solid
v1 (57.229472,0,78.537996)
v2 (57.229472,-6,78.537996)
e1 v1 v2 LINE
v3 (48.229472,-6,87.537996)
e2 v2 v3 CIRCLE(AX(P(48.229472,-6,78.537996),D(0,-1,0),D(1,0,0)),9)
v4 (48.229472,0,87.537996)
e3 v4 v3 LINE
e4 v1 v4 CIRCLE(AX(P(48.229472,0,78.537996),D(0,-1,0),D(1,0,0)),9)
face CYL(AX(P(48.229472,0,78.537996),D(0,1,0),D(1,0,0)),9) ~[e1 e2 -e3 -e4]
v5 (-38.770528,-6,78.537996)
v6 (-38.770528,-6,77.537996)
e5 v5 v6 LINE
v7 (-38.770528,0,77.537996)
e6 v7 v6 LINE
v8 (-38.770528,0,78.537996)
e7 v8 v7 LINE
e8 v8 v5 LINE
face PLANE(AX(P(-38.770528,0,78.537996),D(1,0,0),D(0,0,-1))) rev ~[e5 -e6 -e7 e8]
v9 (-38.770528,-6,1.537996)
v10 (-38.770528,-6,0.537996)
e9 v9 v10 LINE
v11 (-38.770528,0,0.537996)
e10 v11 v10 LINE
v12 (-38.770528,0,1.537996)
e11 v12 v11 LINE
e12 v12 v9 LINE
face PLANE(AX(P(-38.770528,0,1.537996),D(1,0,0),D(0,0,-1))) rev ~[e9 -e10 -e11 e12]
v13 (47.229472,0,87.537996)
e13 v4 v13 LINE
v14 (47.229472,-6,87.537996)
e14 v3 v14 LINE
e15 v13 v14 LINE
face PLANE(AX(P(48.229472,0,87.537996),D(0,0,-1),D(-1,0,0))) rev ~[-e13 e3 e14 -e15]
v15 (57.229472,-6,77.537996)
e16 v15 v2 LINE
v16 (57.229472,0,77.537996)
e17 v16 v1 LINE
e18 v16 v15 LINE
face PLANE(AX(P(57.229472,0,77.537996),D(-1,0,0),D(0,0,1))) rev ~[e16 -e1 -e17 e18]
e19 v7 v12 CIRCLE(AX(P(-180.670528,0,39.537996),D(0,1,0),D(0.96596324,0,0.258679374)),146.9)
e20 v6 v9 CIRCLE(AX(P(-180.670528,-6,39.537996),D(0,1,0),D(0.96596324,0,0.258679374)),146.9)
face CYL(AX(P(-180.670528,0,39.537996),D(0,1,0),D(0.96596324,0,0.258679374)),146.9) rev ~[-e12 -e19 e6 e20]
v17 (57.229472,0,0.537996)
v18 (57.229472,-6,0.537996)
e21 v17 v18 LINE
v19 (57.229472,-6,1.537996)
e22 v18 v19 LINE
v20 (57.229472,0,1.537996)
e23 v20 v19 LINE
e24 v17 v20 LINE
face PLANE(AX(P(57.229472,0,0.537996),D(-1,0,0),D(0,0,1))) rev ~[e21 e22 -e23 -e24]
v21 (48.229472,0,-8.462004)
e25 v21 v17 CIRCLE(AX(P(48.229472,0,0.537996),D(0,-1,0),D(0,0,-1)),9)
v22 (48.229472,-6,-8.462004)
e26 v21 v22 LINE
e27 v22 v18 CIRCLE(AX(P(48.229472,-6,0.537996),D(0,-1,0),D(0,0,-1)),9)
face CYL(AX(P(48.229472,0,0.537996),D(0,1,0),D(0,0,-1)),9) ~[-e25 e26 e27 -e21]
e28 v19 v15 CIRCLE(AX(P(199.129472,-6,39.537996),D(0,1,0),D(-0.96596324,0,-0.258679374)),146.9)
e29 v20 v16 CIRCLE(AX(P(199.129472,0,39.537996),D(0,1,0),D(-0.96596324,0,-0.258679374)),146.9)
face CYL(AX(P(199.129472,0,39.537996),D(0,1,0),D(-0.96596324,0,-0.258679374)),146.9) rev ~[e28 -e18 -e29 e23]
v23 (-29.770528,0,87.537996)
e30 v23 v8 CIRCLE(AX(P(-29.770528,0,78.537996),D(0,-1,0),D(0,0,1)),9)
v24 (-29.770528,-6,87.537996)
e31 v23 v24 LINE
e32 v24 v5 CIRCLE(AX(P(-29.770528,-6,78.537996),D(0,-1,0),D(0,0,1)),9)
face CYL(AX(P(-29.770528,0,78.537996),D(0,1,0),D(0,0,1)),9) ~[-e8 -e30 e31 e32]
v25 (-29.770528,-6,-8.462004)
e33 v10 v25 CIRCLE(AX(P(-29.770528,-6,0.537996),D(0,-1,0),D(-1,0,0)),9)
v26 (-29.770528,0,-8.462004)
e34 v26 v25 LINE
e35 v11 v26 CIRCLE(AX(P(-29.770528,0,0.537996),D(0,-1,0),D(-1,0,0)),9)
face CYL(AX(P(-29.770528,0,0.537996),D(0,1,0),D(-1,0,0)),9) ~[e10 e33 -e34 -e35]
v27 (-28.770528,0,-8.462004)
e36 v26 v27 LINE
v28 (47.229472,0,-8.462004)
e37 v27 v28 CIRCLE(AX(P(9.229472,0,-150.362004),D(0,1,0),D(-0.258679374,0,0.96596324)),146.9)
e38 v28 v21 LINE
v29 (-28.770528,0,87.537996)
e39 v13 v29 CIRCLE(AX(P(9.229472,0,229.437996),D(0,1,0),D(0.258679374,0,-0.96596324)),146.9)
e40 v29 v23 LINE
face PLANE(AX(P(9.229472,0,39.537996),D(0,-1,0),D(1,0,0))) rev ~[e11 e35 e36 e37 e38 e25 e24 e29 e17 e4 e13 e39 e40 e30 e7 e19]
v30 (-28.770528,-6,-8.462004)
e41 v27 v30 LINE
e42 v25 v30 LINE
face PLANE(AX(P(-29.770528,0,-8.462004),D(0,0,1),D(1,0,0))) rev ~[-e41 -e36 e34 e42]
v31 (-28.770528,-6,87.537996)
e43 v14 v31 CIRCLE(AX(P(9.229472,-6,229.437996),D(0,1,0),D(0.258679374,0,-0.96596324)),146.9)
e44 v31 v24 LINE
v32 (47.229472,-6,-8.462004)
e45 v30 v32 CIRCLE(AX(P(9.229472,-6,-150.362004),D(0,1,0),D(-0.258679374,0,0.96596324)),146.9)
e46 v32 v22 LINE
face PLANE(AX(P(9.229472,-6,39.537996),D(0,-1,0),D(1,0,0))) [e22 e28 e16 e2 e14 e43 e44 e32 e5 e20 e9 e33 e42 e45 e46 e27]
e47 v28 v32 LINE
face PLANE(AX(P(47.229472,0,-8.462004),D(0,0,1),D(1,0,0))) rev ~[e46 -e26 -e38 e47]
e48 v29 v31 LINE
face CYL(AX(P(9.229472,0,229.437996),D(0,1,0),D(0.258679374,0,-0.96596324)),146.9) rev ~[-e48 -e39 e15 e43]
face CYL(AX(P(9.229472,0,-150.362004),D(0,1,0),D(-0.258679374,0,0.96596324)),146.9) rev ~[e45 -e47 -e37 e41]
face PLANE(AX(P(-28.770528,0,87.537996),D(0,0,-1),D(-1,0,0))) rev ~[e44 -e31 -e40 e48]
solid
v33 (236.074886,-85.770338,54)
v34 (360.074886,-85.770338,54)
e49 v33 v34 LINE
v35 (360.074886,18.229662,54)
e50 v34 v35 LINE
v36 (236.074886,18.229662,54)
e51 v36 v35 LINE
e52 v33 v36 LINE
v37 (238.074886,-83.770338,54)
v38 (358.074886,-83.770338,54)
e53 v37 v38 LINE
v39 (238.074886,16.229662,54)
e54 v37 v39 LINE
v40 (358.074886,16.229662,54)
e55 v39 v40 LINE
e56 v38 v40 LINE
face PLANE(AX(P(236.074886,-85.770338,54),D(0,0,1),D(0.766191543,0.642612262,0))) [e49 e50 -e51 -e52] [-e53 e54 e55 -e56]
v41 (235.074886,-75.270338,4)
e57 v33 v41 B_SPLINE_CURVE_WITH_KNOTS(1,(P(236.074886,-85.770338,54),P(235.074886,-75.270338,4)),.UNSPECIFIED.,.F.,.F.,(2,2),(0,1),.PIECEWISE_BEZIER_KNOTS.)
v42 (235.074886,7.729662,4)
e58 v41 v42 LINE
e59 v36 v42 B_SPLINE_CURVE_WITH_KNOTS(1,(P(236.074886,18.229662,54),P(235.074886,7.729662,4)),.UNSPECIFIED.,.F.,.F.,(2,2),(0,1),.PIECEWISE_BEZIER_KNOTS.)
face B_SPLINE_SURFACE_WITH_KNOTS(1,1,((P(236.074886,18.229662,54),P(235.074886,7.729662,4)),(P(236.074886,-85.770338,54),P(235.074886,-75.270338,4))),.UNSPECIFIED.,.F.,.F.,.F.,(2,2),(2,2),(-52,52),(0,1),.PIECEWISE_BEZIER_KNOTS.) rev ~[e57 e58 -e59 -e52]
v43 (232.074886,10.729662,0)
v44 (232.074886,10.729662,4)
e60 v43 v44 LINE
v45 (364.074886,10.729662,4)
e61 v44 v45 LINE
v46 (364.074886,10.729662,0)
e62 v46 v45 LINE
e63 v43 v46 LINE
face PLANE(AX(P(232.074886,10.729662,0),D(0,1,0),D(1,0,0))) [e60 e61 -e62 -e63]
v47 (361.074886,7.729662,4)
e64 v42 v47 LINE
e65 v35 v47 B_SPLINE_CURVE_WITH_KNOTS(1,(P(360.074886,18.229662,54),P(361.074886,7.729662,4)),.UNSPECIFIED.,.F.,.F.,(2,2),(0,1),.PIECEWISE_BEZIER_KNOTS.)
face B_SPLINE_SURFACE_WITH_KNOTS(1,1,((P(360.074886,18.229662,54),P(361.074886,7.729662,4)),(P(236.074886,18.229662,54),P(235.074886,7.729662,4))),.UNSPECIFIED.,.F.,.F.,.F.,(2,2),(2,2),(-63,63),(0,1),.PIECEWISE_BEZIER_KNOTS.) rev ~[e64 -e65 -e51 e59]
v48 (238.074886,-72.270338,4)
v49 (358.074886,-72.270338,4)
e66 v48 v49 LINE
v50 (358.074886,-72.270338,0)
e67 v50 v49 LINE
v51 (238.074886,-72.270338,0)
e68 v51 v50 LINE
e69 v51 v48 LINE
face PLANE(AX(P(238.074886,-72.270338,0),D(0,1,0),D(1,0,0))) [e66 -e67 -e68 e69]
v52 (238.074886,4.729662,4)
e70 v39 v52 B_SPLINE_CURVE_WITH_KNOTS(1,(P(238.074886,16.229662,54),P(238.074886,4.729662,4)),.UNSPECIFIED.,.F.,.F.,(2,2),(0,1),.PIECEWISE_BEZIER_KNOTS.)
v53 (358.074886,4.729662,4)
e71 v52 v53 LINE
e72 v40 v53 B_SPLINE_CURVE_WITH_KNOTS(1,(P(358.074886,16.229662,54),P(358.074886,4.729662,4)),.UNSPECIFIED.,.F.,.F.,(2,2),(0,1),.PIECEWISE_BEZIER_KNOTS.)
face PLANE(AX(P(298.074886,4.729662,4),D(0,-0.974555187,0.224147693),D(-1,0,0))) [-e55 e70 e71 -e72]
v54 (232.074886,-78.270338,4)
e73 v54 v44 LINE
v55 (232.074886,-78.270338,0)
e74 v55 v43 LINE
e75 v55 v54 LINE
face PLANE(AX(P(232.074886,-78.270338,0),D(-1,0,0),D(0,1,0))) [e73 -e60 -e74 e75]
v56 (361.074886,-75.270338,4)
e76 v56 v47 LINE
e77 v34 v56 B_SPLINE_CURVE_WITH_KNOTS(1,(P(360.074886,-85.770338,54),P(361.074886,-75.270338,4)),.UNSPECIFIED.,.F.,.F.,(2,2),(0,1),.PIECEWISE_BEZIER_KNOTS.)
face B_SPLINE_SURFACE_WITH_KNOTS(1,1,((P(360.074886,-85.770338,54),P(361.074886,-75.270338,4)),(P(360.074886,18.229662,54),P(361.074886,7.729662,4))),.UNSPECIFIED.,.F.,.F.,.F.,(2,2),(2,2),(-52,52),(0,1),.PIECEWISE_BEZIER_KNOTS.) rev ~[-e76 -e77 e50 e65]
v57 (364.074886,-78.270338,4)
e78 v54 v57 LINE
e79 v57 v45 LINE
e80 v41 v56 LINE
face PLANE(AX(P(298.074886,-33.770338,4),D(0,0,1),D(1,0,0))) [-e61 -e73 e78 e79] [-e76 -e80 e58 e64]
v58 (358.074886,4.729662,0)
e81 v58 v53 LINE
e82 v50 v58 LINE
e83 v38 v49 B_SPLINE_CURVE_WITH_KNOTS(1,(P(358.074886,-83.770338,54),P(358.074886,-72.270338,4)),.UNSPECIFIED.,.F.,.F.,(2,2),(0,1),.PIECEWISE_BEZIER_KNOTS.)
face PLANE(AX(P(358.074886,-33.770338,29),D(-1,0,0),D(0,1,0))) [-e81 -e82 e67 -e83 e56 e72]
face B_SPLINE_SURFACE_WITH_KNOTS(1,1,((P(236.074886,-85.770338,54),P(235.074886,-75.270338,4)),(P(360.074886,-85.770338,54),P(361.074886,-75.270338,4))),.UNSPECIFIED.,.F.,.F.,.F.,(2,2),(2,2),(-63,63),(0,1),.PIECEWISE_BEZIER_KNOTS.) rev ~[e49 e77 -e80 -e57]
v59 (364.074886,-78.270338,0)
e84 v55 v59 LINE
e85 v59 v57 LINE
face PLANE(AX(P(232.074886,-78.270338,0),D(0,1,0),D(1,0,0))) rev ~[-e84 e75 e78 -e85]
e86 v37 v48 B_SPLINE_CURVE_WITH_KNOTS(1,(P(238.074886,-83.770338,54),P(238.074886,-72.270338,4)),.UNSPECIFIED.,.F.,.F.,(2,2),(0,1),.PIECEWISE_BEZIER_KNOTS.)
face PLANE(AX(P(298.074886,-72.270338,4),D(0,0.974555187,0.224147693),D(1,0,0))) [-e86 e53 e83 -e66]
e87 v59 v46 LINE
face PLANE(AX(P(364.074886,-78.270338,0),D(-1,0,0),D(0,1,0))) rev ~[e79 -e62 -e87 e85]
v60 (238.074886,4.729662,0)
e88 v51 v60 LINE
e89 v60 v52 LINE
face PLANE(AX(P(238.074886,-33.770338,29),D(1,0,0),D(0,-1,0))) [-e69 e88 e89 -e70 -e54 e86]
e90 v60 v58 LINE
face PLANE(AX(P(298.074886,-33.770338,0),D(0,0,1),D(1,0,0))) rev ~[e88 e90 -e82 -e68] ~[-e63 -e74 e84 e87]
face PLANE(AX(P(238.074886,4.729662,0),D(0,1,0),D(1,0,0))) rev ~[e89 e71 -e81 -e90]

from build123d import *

# Parameters (mm, degrees)
F1_DEPTH  = 6
F2_W      = 132
F2_H      = 89
F2_W_2    = 120
F2_H_2    = 77
F3_DEPTH  = 4
F5_W      = 124
F5_H      = 104
F6_W      = 126
F6_H      = 83
F8_W      = 120
F8_H      = 100
F7_FACE_W = 120
F7_FACE_H = 77


with BuildPart() as f1:
    # F0 (on Front) → F1 (new body)
    with BuildSketch(Plane.XZ):
        with BuildLine():
            ThreePointArc((-38.7705280386, 0.5379956365), (-36.1344890693, -5.8259653942), (-29.7705280386, -8.4620043635))
            Line((-29.7705280386, -8.4620043635), (-28.7705280386, -8.4620043635))
            ThreePointArc((-28.7705280386, -8.4620043635), (9.2294719614, -3.4620043635), (47.2294719614, -8.4620043635))
            Line((47.2294719614, -8.4620043635), (48.2294719614, -8.4620043635))
            ThreePointArc((48.2294719614, -8.4620043635), (54.5934329921, -5.8259653942), (57.2294719614, 0.5379956365))
            Line((57.2294719614, 0.5379956365), (57.2294719614, 1.5379956365))
            ThreePointArc((57.2294719614, 1.5379956365), (52.2294719614, 39.5379956365), (57.2294719614, 77.5379956365))
            Line((57.2294719614, 77.5379956365), (57.2294719614, 78.5379956365))
            ThreePointArc((57.2294719614, 78.5379956365), (54.5934329921, 84.9019566671), (48.2294719614, 87.5379956365))
            Line((48.2294719614, 87.5379956365), (47.2294719614, 87.5379956365))
            ThreePointArc((47.2294719614, 87.5379956365), (9.2294719614, 82.5379956365), (-28.7705280386, 87.5379956365))
            Line((-28.7705280386, 87.5379956365), (-29.7705280386, 87.5379956365))
            ThreePointArc((-29.7705280386, 87.5379956365), (-36.1344890693, 84.9019566671), (-38.7705280386, 78.5379956365))
            Line((-38.7705280386, 78.5379956365), (-38.7705280386, 77.5379956365))
            ThreePointArc((-38.7705280386, 77.5379956365), (-33.7705280386, 39.5379956365), (-38.7705280386, 1.5379956365))
            Line((-38.7705280386, 1.5379956365), (-38.7705280386, 0.5379956365))
        make_face()
    extrude(amount=F1_DEPTH)


with BuildPart() as f3:
    # F2 (on Top) → F3 (new body)
    with BuildSketch(Plane.XY):
        with Locations((298.0748858452, -33.7703375444)):
            Rectangle(F2_W, F2_H)
        with Locations((298.0748858452, -33.7703375444)):
            Rectangle(F2_W_2, F2_H_2, mode=Mode.SUBTRACT)
    extrude(amount=F3_DEPTH)

    # F5 (on offset) → F7 section 0
    with BuildSketch(Plane.XY.offset(54)):
        with Locations((298.0748858452, -33.7703375444)):
            Rectangle(F5_W, F5_H)
    # F6 (on face) → F7 section 1
    with BuildSketch(Plane.XY.offset(4)):
        with Locations((298.0748858452, -33.7703375444)):
            Rectangle(F6_W, F6_H)
    loft()

    # F8 (on face) → F9 section 0
    with BuildSketch(Plane.XY.offset(54)):
        with Locations((298.0748858452, -33.7703375444)):
            Rectangle(F8_W, F8_H)
    # F7_face (on face) → F9 section 1
    with BuildSketch(Plane(origin=(298.0748858452, -33.7703375444, 4), x_dir=(1, 0, 0), z_dir=(0, 0, -1))):
        Rectangle(F7_FACE_W, F7_FACE_H)
    loft(mode=Mode.SUBTRACT)


solid = Compound([f1.part, f3.part])
